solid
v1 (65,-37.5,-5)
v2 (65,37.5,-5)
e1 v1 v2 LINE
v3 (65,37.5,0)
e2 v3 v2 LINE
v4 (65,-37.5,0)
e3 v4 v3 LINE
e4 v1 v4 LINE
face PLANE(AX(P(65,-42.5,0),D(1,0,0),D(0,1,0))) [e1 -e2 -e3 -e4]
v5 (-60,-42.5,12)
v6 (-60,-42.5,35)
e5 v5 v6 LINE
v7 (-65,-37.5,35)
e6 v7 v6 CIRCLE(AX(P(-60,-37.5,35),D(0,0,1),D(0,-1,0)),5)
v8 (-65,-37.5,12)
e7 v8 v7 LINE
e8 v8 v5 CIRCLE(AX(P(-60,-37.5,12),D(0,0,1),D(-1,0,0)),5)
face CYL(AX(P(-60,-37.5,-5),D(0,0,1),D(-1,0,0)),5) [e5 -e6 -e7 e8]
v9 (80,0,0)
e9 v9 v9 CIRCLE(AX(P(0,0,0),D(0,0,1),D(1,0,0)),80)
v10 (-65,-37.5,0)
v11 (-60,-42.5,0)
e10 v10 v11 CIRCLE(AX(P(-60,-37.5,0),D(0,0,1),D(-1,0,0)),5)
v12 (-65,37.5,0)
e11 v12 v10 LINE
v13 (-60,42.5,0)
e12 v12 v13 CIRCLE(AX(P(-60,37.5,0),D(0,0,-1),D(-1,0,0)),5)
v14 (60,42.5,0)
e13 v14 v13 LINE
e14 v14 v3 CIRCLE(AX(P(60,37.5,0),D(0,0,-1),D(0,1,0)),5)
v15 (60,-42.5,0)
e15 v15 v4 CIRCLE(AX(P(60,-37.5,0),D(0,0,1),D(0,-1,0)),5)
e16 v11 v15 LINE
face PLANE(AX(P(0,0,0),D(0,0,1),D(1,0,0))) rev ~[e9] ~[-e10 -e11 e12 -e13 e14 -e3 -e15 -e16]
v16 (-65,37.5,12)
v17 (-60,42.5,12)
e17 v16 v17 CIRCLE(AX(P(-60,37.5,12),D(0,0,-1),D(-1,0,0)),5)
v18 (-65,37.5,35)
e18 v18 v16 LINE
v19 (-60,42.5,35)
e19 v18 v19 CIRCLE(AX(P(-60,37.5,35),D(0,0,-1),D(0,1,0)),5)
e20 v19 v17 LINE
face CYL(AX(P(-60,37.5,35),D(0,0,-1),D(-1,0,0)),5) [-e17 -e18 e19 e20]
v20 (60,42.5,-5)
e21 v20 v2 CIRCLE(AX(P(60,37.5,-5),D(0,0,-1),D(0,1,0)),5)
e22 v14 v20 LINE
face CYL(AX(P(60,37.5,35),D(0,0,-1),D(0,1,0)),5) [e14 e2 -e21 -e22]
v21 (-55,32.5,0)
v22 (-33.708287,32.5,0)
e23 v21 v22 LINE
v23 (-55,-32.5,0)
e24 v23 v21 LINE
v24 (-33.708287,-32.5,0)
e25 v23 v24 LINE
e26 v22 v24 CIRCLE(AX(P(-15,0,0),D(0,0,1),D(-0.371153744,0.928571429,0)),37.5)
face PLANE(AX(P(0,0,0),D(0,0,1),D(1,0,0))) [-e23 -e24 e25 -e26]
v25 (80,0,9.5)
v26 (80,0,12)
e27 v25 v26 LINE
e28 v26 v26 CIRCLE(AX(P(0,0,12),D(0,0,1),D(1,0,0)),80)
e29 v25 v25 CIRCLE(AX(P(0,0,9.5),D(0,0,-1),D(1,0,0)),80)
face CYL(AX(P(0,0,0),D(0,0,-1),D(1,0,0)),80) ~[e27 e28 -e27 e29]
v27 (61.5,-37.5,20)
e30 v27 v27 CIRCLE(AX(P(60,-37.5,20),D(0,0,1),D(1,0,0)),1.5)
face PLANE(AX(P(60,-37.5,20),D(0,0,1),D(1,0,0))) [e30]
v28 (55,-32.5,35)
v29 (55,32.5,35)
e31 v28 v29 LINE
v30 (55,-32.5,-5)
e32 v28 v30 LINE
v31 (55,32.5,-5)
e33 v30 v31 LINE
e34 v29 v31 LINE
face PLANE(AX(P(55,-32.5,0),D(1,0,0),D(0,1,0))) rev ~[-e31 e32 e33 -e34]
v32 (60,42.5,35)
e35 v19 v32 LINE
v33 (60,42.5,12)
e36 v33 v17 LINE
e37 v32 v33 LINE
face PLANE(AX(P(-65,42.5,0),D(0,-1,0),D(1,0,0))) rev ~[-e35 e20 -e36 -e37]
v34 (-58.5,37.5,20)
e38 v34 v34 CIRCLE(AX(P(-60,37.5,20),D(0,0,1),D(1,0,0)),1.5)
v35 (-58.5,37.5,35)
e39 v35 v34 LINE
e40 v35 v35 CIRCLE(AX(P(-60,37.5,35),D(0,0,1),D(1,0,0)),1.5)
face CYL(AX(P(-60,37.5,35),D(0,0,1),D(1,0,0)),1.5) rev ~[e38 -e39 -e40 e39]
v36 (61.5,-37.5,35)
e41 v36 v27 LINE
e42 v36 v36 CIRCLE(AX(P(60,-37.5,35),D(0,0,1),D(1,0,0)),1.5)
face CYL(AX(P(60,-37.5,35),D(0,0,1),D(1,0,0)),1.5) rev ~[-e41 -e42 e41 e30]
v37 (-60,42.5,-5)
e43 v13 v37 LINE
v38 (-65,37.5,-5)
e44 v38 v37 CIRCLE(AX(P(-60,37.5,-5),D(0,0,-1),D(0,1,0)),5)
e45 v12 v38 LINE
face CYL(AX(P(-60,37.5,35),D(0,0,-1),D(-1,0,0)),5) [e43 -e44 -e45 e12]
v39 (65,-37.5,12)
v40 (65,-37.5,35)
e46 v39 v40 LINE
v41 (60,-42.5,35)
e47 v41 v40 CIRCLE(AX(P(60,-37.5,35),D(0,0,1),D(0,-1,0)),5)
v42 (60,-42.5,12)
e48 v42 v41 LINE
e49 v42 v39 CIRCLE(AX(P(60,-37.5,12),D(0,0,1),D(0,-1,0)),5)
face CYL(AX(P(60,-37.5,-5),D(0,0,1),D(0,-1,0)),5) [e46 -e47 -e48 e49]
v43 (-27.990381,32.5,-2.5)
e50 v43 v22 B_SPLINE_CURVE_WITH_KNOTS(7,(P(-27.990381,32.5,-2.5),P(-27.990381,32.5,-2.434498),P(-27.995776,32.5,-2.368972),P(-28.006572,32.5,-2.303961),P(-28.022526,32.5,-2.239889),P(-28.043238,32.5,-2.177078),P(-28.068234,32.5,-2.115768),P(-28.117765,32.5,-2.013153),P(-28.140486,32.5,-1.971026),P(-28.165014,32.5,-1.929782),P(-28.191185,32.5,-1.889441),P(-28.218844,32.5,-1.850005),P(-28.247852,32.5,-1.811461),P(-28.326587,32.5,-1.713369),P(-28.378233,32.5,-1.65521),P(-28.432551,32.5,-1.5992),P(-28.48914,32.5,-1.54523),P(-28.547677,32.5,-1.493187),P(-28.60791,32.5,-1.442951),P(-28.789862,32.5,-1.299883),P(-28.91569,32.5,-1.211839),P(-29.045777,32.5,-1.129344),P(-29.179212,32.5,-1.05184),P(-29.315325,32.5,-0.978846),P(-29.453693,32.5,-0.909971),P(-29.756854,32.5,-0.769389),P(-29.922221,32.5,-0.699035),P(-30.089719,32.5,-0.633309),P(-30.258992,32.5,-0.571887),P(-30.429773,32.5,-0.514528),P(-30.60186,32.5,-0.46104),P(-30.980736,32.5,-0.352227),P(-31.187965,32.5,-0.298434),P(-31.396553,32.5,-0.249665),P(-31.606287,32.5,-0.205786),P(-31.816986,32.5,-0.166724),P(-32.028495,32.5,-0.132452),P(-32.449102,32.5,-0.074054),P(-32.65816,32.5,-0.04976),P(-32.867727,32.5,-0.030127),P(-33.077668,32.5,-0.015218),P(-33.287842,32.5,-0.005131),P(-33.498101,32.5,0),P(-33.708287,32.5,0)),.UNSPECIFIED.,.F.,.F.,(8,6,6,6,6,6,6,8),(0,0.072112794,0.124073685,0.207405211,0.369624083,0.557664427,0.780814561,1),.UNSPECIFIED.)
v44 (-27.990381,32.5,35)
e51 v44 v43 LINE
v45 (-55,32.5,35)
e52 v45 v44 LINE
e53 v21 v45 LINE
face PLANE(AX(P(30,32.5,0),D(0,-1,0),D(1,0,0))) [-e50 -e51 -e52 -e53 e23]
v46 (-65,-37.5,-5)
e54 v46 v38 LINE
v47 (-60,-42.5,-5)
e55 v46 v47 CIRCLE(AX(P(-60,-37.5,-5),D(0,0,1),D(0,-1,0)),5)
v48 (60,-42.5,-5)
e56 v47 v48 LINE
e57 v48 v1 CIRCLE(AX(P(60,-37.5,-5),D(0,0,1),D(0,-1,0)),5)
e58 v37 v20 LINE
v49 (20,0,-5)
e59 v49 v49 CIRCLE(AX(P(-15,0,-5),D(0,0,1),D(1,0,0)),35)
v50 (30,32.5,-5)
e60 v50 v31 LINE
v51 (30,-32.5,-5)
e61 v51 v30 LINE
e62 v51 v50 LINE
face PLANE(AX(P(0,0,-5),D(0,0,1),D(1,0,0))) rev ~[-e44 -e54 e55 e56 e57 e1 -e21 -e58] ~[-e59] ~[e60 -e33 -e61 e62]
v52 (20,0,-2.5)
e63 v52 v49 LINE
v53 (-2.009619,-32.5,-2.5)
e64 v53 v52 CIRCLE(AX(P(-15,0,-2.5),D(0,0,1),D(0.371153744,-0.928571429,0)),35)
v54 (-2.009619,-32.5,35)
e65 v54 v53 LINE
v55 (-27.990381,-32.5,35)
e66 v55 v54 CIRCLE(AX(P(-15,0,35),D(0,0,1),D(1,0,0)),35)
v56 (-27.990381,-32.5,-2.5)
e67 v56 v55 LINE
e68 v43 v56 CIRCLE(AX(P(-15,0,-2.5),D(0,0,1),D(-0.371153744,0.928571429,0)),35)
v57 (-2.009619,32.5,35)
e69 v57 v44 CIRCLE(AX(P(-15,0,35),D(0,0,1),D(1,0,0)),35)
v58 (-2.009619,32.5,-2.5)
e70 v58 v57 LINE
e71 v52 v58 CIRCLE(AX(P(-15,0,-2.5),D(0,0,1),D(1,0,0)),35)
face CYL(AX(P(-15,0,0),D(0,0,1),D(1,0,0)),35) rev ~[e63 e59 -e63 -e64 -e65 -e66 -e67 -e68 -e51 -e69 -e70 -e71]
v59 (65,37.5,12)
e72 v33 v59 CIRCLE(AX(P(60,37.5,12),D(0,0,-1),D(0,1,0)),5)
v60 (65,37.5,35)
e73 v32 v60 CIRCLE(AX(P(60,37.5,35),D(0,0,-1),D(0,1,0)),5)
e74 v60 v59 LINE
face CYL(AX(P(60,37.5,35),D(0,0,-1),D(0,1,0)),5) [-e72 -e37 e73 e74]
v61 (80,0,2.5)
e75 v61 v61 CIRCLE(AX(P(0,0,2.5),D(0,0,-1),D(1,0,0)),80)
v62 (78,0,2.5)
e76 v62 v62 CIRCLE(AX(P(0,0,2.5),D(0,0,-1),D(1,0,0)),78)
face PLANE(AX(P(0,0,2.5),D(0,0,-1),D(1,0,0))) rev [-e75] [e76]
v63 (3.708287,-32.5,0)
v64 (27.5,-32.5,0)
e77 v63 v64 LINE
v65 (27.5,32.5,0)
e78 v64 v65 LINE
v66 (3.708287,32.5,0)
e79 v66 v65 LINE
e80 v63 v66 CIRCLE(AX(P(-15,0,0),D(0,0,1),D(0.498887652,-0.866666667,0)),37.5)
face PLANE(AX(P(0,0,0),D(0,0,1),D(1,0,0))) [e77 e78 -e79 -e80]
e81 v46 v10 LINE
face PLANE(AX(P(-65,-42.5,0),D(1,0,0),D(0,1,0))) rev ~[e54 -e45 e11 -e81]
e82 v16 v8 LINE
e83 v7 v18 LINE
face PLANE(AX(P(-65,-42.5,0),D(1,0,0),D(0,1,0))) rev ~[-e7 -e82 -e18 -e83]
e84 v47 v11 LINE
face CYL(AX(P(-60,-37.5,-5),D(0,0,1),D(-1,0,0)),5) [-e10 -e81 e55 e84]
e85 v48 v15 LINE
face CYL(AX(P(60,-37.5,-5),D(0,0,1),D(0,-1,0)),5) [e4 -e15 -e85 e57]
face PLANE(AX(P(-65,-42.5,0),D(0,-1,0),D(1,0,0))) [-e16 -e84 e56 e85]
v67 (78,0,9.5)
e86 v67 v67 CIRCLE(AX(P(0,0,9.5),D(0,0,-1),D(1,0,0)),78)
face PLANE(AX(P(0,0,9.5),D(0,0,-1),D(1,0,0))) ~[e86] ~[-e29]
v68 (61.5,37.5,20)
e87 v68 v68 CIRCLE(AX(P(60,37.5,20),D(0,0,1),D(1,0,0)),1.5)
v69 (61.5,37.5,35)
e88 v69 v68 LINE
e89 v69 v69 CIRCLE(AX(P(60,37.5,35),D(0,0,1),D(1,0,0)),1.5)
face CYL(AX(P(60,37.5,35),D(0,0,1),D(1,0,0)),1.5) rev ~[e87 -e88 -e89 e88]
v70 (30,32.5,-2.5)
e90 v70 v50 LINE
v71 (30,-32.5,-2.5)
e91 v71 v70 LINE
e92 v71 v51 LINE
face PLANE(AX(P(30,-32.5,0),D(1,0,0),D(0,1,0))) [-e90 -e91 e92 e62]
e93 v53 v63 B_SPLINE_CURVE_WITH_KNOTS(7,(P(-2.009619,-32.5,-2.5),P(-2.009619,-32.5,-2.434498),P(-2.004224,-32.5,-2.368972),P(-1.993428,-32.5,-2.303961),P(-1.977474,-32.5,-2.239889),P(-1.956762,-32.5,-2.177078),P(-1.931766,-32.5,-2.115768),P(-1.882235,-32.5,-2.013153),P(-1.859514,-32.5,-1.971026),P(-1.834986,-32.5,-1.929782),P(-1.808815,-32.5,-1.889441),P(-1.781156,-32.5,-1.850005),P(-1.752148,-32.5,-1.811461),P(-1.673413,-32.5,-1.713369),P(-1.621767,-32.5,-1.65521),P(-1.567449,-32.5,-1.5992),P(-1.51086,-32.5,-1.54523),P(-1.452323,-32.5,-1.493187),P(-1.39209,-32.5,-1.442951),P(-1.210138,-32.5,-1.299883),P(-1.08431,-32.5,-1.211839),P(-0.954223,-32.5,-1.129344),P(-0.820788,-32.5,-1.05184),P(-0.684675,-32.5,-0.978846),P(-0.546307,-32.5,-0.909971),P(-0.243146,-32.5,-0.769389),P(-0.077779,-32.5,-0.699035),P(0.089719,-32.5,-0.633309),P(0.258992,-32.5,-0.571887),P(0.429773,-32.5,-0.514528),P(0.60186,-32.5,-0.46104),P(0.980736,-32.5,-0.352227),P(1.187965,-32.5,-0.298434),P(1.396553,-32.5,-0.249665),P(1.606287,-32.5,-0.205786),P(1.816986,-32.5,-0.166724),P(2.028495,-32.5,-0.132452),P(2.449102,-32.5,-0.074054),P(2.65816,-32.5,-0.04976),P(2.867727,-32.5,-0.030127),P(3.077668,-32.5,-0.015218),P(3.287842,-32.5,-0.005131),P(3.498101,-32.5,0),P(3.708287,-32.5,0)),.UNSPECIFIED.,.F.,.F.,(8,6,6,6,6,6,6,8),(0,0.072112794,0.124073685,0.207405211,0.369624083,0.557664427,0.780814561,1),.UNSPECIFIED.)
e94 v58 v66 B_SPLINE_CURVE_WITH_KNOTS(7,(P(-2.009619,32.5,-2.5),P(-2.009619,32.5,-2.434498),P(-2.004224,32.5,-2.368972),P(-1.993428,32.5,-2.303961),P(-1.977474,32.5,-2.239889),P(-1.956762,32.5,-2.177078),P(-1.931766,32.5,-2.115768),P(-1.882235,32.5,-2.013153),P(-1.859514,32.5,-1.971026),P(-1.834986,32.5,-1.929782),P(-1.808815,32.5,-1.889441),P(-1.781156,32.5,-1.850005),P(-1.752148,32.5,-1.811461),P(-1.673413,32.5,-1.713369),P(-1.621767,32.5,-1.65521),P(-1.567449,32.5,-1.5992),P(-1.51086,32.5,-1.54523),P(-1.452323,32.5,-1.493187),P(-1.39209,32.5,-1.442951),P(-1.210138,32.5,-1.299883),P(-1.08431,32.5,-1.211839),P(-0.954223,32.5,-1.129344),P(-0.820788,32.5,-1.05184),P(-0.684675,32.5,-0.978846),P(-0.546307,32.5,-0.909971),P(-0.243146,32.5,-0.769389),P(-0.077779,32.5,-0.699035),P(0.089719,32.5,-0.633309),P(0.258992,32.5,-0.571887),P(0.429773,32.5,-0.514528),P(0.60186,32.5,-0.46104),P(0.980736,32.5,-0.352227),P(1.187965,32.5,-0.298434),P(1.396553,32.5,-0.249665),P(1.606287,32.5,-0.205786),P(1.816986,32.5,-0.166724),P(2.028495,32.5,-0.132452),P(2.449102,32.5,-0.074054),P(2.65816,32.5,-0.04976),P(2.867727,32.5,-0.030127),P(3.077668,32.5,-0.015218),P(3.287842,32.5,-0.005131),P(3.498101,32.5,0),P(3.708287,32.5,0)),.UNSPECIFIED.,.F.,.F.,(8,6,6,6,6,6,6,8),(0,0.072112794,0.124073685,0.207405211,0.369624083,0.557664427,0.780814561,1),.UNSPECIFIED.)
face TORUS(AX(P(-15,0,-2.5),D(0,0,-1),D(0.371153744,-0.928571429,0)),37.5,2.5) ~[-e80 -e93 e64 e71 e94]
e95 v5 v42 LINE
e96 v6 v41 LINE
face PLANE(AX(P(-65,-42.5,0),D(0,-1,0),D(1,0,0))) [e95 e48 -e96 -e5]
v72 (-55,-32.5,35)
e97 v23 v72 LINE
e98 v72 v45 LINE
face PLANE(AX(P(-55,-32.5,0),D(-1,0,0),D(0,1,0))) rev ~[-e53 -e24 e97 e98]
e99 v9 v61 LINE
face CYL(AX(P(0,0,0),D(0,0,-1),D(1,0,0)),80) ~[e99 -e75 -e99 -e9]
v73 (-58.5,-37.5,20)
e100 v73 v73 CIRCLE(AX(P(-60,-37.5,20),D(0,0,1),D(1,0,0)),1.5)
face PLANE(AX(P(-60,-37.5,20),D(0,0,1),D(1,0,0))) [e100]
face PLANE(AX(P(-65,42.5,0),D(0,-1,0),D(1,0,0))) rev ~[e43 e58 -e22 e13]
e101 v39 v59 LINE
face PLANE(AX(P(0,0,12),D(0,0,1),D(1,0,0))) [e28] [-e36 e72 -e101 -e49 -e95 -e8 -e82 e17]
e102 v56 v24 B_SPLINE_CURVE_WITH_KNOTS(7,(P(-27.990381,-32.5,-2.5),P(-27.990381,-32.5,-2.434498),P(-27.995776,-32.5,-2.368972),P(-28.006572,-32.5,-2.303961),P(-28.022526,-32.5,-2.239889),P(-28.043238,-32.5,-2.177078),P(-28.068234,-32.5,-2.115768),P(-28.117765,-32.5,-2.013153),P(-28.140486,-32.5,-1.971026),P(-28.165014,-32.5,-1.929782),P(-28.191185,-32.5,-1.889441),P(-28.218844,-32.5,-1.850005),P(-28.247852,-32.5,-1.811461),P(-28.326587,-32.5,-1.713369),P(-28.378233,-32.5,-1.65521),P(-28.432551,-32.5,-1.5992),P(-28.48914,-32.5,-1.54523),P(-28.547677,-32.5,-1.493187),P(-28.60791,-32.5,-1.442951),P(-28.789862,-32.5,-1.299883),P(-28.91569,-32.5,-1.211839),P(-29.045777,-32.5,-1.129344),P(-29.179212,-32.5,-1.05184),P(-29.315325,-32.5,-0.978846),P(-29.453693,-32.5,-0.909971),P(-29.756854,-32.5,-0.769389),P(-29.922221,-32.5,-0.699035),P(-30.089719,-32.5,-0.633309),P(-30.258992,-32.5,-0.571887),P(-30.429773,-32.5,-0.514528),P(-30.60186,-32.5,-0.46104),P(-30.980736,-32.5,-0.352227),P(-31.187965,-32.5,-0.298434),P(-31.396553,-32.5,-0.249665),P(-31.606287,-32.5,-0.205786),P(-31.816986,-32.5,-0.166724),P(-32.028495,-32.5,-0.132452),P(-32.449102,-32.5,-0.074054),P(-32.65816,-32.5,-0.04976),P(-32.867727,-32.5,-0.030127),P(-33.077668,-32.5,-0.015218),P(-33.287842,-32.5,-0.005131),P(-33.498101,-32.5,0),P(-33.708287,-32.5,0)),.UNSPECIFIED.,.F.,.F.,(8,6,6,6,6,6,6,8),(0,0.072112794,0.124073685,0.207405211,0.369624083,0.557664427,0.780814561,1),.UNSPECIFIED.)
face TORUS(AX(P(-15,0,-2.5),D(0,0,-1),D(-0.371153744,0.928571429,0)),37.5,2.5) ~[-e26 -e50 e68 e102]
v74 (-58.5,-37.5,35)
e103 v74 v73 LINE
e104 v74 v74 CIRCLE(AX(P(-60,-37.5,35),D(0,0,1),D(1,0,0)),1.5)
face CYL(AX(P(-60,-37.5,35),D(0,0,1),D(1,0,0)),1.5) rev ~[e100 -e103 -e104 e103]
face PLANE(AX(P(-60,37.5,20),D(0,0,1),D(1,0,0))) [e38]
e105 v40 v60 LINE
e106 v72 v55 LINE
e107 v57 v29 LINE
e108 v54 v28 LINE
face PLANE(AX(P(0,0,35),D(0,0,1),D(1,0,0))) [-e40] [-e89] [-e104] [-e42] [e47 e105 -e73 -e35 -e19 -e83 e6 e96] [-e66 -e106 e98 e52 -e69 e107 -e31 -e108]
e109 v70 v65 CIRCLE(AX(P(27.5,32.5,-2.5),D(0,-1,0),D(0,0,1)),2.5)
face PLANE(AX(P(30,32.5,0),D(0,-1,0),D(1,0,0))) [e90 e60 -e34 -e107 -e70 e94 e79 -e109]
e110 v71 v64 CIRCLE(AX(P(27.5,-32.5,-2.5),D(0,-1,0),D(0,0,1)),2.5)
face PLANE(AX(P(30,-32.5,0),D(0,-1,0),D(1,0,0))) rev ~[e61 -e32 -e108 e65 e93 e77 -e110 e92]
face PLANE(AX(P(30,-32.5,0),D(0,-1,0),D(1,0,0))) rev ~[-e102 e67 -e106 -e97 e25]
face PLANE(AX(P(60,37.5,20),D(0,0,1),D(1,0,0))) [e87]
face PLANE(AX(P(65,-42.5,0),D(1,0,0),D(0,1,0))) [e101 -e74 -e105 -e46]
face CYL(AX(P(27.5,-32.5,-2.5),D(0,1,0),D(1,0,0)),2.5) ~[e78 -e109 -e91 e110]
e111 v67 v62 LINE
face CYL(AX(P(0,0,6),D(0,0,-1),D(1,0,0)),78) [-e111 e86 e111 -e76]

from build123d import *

# Parameters (mm, degrees)
SKETCH1_W           = 130
SKETCH1_H           = 85
SKETCH1_W_2         = 110
SKETCH1_H_2         = 65
BOSS_EXTRUDE1_DEPTH = 35
SKETCH2_W           = 130
SKETCH2_H           = 85
SKETCH2_R           = 35
SKETCH2_W_2         = 25
SKETCH2_H_2         = 65
BOSS_EXTRUDE2_DEPTH = 5
CUT_EXTRUDE1_START  = 45
SKETCH2_2_R         = 35
CUT_EXTRUDE1_DEPTH  = 45
SKETCH3_R           = 1.5
CUT_EXTRUDE2_DEPTH  = 15
FILLET1_R           = 5
FILLET2_R           = 2.5
SKETCH4_R           = 80
BOSS_EXTRUDE3_DEPTH = 12
SKETCH5_W           = 7
SKETCH5_H           = 2


with BuildPart() as part:
    # Sketch1 → Boss-Extrude1 (new body)
    with BuildSketch(Plane.XY):
        Rectangle(SKETCH1_W, SKETCH1_H)
        Rectangle(SKETCH1_W_2, SKETCH1_H_2, mode=Mode.SUBTRACT)
    extrude(amount=BOSS_EXTRUDE1_DEPTH)

    # Sketch2 → Boss-Extrude2 (add)
    with BuildSketch(Plane.XY):
        Rectangle(SKETCH2_W, SKETCH2_H)
        with Locations((-15, 0)):
            Circle(SKETCH2_R, mode=Mode.SUBTRACT)
        with Locations((42.5, 0)):
            Rectangle(SKETCH2_W_2, SKETCH2_H_2, mode=Mode.SUBTRACT)
    extrude(amount=-BOSS_EXTRUDE2_DEPTH)

    # Sketch2<2> → Cut-Extrude1 (cut)
    with BuildSketch(Plane.XY.offset(CUT_EXTRUDE1_START)):
        with Locations((-15, 0)):
            Circle(SKETCH2_2_R)
    extrude(amount=-CUT_EXTRUDE1_DEPTH, mode=Mode.SUBTRACT)

    # Sketch3 → Cut-Extrude2 (cut)
    with BuildSketch(Plane.XY.offset(35)):
        with Locations((-60, 37.5)):
            Circle(SKETCH3_R)
        with Locations((60, 37.5)):
            Circle(SKETCH3_R)
        with Locations((-60, -37.5)):
            Circle(SKETCH3_R)
        with Locations((60, -37.5)):
            Circle(SKETCH3_R)
    extrude(amount=-CUT_EXTRUDE2_DEPTH, mode=Mode.SUBTRACT)

    # Fillet1
    fillet1_edges = [part.edges().sort_by_distance(p)[0] for p in [
        (65, -42.5, 15),
        (-65, -42.5, 15),
        (65, 42.5, 15),
        (-65, 42.5, 15),
    ]]
    fillet(fillet1_edges, radius=FILLET1_R)

    # Fillet2
    fillet2_edges = [part.edges().sort_by_distance(p)[0] for p in [
        (30, 0, 0),
        (13.979849352, 19.625705886, 0),
        (-50, 0, 0),
    ]]
    fillet(fillet2_edges, radius=FILLET2_R)

    # Sketch4 → Boss-Extrude3 (add)
    with BuildSketch(Plane.XY):
        Circle(SKETCH4_R)
        Polygon((60, 42.5), (-60, 42.5), (-65, 37.5), (-65, -37.5), (-60, -42.5), (60, -42.5), (65, -37.5), (65, 37.5), align=None, mode=Mode.SUBTRACT)
    extrude(amount=BOSS_EXTRUDE3_DEPTH)

    # Sketch5 → Cut-Revolve1 (revolve, cut)
    with BuildSketch(Plane(origin=(0, 0, 0), x_dir=(0, 0, -1), z_dir=(1, 0, 0))):
        with Locations((-6, 79)):
            Rectangle(SKETCH5_W, SKETCH5_H)
    revolve(axis=Axis((0, 0, 0), (0, 0, -1)), mode=Mode.SUBTRACT)


solid = part.part
